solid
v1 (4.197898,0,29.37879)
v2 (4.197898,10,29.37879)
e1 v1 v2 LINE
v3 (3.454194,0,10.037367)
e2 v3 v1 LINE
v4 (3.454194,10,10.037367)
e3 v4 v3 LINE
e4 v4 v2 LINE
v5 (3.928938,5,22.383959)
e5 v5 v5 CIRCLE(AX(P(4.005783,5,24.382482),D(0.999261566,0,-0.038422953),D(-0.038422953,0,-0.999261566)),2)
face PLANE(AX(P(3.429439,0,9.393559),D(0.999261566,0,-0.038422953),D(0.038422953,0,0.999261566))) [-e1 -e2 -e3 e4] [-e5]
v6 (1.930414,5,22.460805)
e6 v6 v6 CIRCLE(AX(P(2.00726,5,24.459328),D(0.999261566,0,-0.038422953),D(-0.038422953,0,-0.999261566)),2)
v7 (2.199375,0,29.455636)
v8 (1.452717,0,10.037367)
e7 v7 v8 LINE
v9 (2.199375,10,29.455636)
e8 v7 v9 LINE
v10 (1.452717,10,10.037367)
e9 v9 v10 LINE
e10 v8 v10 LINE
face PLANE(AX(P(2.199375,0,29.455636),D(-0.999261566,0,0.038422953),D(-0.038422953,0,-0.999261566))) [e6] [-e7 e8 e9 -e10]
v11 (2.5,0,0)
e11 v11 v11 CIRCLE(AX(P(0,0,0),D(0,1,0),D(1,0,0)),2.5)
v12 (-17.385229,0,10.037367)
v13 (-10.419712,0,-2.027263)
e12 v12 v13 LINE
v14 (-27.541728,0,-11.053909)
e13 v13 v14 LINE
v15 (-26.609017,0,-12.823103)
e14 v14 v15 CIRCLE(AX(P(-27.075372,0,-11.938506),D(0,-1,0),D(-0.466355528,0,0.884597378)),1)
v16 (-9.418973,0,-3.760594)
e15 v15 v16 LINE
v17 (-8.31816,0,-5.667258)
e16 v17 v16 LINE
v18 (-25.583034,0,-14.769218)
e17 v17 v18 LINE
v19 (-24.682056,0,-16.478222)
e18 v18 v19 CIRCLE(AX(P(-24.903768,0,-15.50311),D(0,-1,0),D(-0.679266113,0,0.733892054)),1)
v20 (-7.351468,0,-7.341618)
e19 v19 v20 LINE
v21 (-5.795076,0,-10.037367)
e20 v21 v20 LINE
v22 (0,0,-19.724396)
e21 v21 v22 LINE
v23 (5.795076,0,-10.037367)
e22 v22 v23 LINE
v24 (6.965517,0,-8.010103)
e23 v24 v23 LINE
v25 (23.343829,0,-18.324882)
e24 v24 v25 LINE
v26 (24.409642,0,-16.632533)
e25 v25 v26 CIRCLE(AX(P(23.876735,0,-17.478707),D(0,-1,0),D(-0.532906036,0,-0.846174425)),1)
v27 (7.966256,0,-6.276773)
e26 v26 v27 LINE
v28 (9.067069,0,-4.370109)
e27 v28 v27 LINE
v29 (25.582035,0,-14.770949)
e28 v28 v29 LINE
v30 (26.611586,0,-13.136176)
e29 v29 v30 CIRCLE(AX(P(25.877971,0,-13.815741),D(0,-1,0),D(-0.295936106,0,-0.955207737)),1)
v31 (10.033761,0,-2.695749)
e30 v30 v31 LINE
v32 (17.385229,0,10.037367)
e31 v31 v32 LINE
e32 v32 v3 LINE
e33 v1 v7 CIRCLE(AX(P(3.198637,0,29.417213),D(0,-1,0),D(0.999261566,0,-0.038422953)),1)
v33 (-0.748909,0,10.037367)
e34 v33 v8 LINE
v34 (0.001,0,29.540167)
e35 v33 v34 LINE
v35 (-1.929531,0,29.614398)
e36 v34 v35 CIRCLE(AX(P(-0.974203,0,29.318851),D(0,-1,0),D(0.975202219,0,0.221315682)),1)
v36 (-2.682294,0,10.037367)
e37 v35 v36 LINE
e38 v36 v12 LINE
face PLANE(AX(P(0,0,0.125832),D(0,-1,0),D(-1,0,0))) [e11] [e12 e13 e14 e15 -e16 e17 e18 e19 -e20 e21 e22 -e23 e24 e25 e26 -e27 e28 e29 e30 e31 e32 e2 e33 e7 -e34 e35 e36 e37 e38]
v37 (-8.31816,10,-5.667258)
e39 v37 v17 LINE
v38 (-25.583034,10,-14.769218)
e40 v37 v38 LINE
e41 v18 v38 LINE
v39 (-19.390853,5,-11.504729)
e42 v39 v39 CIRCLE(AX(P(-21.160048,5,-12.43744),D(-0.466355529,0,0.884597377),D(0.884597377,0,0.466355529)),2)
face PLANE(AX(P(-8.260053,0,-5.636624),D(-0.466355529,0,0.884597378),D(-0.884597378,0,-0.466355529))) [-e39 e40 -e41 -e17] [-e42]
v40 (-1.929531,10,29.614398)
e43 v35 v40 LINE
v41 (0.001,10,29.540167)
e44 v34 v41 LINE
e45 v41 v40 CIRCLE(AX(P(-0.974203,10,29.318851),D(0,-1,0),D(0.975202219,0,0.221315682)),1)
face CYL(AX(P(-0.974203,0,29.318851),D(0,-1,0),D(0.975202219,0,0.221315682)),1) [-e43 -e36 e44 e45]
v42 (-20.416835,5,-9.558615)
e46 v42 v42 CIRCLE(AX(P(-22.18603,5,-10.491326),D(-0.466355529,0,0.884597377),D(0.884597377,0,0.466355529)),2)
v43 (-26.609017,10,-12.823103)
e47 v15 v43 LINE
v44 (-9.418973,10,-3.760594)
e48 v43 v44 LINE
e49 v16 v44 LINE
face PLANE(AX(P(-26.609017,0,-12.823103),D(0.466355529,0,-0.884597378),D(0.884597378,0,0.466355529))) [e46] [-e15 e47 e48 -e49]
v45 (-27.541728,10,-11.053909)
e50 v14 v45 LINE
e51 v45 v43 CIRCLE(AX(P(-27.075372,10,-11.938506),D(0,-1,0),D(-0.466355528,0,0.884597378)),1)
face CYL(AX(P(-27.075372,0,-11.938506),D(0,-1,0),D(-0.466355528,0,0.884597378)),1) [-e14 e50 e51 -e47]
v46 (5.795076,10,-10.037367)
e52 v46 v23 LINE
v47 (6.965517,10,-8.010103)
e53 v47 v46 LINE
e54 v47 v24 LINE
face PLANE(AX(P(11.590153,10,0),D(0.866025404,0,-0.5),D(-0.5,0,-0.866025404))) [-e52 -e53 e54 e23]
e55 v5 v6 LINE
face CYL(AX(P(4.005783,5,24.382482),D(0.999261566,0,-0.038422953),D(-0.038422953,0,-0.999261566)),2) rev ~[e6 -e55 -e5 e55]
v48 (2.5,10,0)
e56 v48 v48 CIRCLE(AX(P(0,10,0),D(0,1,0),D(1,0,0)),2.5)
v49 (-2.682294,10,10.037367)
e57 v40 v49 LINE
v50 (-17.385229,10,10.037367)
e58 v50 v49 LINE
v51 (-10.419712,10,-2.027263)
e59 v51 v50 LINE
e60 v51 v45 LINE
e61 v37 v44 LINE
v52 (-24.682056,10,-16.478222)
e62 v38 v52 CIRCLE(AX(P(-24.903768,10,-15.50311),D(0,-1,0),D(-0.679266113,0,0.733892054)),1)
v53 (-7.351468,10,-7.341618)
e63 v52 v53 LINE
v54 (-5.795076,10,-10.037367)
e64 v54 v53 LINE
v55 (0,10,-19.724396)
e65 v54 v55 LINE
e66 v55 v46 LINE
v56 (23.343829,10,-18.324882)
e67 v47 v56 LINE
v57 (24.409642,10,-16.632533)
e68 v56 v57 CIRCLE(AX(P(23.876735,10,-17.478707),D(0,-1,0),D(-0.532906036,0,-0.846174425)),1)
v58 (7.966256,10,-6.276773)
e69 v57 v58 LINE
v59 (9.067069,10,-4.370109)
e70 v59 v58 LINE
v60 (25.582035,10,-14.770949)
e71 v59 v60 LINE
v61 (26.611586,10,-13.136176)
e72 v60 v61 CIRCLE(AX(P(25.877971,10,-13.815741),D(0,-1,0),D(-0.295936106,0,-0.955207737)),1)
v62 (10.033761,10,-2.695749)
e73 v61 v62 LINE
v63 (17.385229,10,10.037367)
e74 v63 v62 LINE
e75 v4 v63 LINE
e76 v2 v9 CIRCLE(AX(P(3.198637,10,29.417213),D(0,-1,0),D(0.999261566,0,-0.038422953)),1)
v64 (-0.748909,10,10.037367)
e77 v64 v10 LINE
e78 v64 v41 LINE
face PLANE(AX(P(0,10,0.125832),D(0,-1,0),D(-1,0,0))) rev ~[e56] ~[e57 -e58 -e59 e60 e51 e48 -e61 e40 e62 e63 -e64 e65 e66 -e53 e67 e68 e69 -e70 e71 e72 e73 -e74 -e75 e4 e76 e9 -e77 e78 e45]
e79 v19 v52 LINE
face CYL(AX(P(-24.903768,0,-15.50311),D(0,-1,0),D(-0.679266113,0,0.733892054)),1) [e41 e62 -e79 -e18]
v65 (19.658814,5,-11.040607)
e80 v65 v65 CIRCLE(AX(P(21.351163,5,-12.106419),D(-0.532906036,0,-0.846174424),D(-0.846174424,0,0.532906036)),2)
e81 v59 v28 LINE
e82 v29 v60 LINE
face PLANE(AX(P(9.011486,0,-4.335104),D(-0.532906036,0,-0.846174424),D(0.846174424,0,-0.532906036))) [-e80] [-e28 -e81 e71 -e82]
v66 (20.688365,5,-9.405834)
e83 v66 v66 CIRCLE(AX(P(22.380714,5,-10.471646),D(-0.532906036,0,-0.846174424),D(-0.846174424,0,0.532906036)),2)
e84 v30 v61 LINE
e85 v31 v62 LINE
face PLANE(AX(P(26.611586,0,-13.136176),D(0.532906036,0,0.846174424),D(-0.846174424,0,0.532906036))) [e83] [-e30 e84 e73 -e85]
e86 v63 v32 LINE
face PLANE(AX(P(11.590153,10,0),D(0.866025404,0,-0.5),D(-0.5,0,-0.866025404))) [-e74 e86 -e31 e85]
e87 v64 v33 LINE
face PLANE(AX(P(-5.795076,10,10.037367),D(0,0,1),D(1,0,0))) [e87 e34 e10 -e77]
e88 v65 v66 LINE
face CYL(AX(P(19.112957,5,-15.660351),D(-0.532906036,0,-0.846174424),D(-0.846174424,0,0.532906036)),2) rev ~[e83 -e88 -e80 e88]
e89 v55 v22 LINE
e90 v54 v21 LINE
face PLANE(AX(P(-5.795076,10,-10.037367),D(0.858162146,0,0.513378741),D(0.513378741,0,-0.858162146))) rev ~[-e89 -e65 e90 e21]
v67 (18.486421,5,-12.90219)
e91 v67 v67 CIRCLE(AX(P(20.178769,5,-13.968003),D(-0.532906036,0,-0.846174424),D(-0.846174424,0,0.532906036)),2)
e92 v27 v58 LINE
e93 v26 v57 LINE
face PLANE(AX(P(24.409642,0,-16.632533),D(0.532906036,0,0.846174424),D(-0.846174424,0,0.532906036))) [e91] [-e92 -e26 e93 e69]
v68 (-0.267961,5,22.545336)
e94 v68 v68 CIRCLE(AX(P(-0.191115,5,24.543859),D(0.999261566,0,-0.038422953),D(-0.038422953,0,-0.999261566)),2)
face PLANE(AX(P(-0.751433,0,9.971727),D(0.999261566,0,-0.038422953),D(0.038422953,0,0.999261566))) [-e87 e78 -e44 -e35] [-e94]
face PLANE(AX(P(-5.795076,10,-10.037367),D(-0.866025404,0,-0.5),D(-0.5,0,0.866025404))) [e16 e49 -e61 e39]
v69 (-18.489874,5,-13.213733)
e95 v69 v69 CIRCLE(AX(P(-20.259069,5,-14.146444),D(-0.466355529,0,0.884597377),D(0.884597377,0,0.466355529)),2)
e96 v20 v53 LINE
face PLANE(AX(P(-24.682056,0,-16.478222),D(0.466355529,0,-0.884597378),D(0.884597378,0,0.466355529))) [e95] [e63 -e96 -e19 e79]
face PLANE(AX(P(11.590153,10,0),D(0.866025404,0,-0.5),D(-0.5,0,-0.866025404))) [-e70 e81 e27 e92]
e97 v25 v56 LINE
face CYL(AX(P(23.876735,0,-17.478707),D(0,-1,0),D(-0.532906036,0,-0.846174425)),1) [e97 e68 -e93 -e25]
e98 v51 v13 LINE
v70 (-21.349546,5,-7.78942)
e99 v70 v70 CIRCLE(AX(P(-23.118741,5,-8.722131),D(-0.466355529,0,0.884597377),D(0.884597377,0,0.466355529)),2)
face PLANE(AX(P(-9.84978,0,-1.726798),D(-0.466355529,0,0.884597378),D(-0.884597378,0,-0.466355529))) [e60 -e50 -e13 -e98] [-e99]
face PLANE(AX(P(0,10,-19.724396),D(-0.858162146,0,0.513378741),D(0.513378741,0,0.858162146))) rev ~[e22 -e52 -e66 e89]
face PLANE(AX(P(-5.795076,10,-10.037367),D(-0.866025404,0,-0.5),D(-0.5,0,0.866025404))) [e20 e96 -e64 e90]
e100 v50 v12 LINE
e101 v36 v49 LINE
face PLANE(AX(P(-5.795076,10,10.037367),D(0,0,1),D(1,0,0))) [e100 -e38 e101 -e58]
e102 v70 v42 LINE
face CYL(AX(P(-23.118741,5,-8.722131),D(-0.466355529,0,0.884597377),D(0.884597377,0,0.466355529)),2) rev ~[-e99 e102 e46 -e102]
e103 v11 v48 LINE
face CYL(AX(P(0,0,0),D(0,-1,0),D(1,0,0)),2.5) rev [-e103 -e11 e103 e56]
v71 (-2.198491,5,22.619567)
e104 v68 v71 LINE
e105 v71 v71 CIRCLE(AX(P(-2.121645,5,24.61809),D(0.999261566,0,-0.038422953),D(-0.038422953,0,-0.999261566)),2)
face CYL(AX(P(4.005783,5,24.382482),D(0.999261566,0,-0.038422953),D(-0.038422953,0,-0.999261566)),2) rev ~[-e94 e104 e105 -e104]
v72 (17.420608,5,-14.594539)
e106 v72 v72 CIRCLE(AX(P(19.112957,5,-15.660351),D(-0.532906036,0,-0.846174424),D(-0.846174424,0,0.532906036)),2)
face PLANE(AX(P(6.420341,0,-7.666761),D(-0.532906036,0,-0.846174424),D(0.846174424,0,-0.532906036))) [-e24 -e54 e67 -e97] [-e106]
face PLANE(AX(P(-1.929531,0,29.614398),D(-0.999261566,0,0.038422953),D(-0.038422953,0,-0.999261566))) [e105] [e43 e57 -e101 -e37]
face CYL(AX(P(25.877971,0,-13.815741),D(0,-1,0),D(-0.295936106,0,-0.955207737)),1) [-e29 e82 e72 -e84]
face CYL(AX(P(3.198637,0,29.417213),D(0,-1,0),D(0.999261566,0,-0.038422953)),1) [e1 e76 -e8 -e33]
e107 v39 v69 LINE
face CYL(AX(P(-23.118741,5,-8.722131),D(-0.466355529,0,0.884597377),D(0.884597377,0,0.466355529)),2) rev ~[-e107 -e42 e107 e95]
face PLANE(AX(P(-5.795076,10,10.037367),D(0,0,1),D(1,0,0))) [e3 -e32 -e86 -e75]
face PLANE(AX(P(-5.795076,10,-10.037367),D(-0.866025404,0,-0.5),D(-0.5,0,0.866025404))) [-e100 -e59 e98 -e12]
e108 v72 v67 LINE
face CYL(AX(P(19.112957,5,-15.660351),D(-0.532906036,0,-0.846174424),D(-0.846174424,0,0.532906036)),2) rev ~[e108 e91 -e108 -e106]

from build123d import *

# Parameters (mm, degrees)
SKETCH1_R           = 2.5
BOSS_EXTRUDE1_DEPTH = 10
SKETCH2_R           = 2
CUT_EXTRUDE1_DEPTH  = 10
CIRPATTERN1_COUNT   = 3
SKETCH3_R           = 2.5
BOSS_EXTRUDE3_DEPTH = 10
SKETCH4_R           = 2.500796224
BOSS_EXTRUDE4_DEPTH = 10


with BuildPart() as part:
    # Sketch1 → Boss-Extrude1 (new body)
    with BuildSketch(Plane(origin=(0, 0, 0), x_dir=(1, 0, 0), z_dir=(0, 1, 0))):
        with BuildLine():
            Line((3.42943918, -9.393558799), (4.197898245, -29.378790113))
            ThreePointArc((4.197898245, -29.378790113), (3.237059632, -30.416474632), (2.199375114, -29.455636019))
            Line((2.199375114, -29.455636019), (1.447231615, -9.894721858))
            ThreePointArc((1.447231615, -9.894721858), (0.350023332, -9.993872306), (-0.751433173, -9.971727442))
            Line((-0.751433173, -9.971727442), (0.000999669, -29.540166516))
            ThreePointArc((0.000999669, -29.540166516), (-0.935779597, -30.318112399), (-1.929530696, -29.614398009))
            Line((-1.929530696, -29.614398009), (-2.697989761, -9.629166695))
            ThreePointArc((-2.697989761, -9.629166695), (-8.461744243, -5.329060364), (-9.849780142, 1.726797949))
            Line((-9.849780142, 1.726797949), (-27.541727692, 11.053908534))
            ThreePointArc((-27.541727692, 11.053908534), (-27.959969541, 12.404861441), (-26.609016634, 12.823103289))
            Line((-26.609016634, 12.823103289), (-9.2926963, 3.694021585))
            ThreePointArc((-9.2926963, 3.694021585), (-8.829958965, 4.693807055), (-8.260052699, 5.636623938))
            Line((-8.260052699, 5.636623938), (-25.58303447, 14.769217519))
            ThreePointArc((-25.58303447, 14.769217519), (-25.788365734, 15.969465103), (-24.682055646, 16.478221605))
            Line((-24.682055646, 16.478221605), (-6.990108095, 7.15111102))
            ThreePointArc((-6.990108095, 7.15111102), (-0.384229532, 9.992615657), (6.420340962, 7.66676085))
            Line((6.420340962, 7.66676085), (23.343829448, 18.324881579))
            ThreePointArc((23.343829448, 18.324881579), (24.722909908, 18.011613191), (24.40964152, 16.63253273))
            Line((24.40964152, 16.63253273), (7.845464685, 6.200700273))
            ThreePointArc((7.845464685, 6.200700273), (8.479935633, 5.300065251), (9.011485871, 4.335103505))
            Line((9.011485871, 4.335103505), (25.582034801, 14.770948997))
            ThreePointArc((25.582034801, 14.770948997), (26.724145331, 14.348647296), (26.611586342, 13.136176404))
            Line((26.611586342, 13.136176404), (9.688097856, 2.478055676))
            ThreePointArc((9.688097856, 2.478055676), (8.845973775, -4.663555293), (3.42943918, -9.393558799))
        make_face()
        Circle(SKETCH1_R, mode=Mode.SUBTRACT)
    extrude(amount=BOSS_EXTRUDE1_DEPTH)

    # Sketch2 → Cut-Extrude1 (cut)
    with BuildSketch(Plane(origin=(3.063714471, 0, -0.117803948), x_dir=(-0.038422953, 0, -0.999261566), z_dir=(0.999261566, 0, -0.038422953))):
        with Locations((-24.518391454, 5)):
            Circle(SKETCH2_R)
    cut_extrude1 = extrude(amount=-CUT_EXTRUDE1_DEPTH, mode=Mode.SUBTRACT)

    # CirPattern1: Cut-Extrude1 ×3 about axis
    cirpattern1_axis = Axis((0, 10, 0), (0, -1, 0))
    for i in range(1, CIRPATTERN1_COUNT):
        add(cut_extrude1.rotate(cirpattern1_axis, i * 360 / CIRPATTERN1_COUNT), mode=Mode.SUBTRACT)

    # Sketch3 → Boss-Extrude3 (add)
    with BuildSketch(Plane(origin=(0, 10, 0), x_dir=(1, 0, 0), z_dir=(0, 1, 0))):
        Polygon((11.5901527, 0), (5.79507635, 10.037366672), (-5.79507635, 10.037366672), (-11.5901527, 0), (-5.79507635, -10.037366672), (5.79507635, -10.037366672), align=None)
        Circle(SKETCH3_R, mode=Mode.SUBTRACT)
    extrude(amount=-BOSS_EXTRUDE3_DEPTH)

    # Sketch4 → Boss-Extrude4 (add)
    with BuildSketch(Plane(origin=(0, 10, 0), x_dir=(1, 0, 0), z_dir=(0, 1, 0))):
        Polygon((-5.79507635, 10.037366672), (0, 19.724396452), (5.79507635, 10.037366672), (11.5901527, 0), (17.38522905, -10.037366672), (5.79507635, -10.037366672), (-5.79507635, -10.037366672), (-17.38522905, -10.037366672), (-11.5901527, 0), align=None)
        Circle(SKETCH4_R, mode=Mode.SUBTRACT)
    extrude(amount=-BOSS_EXTRUDE4_DEPTH)


solid = part.part
